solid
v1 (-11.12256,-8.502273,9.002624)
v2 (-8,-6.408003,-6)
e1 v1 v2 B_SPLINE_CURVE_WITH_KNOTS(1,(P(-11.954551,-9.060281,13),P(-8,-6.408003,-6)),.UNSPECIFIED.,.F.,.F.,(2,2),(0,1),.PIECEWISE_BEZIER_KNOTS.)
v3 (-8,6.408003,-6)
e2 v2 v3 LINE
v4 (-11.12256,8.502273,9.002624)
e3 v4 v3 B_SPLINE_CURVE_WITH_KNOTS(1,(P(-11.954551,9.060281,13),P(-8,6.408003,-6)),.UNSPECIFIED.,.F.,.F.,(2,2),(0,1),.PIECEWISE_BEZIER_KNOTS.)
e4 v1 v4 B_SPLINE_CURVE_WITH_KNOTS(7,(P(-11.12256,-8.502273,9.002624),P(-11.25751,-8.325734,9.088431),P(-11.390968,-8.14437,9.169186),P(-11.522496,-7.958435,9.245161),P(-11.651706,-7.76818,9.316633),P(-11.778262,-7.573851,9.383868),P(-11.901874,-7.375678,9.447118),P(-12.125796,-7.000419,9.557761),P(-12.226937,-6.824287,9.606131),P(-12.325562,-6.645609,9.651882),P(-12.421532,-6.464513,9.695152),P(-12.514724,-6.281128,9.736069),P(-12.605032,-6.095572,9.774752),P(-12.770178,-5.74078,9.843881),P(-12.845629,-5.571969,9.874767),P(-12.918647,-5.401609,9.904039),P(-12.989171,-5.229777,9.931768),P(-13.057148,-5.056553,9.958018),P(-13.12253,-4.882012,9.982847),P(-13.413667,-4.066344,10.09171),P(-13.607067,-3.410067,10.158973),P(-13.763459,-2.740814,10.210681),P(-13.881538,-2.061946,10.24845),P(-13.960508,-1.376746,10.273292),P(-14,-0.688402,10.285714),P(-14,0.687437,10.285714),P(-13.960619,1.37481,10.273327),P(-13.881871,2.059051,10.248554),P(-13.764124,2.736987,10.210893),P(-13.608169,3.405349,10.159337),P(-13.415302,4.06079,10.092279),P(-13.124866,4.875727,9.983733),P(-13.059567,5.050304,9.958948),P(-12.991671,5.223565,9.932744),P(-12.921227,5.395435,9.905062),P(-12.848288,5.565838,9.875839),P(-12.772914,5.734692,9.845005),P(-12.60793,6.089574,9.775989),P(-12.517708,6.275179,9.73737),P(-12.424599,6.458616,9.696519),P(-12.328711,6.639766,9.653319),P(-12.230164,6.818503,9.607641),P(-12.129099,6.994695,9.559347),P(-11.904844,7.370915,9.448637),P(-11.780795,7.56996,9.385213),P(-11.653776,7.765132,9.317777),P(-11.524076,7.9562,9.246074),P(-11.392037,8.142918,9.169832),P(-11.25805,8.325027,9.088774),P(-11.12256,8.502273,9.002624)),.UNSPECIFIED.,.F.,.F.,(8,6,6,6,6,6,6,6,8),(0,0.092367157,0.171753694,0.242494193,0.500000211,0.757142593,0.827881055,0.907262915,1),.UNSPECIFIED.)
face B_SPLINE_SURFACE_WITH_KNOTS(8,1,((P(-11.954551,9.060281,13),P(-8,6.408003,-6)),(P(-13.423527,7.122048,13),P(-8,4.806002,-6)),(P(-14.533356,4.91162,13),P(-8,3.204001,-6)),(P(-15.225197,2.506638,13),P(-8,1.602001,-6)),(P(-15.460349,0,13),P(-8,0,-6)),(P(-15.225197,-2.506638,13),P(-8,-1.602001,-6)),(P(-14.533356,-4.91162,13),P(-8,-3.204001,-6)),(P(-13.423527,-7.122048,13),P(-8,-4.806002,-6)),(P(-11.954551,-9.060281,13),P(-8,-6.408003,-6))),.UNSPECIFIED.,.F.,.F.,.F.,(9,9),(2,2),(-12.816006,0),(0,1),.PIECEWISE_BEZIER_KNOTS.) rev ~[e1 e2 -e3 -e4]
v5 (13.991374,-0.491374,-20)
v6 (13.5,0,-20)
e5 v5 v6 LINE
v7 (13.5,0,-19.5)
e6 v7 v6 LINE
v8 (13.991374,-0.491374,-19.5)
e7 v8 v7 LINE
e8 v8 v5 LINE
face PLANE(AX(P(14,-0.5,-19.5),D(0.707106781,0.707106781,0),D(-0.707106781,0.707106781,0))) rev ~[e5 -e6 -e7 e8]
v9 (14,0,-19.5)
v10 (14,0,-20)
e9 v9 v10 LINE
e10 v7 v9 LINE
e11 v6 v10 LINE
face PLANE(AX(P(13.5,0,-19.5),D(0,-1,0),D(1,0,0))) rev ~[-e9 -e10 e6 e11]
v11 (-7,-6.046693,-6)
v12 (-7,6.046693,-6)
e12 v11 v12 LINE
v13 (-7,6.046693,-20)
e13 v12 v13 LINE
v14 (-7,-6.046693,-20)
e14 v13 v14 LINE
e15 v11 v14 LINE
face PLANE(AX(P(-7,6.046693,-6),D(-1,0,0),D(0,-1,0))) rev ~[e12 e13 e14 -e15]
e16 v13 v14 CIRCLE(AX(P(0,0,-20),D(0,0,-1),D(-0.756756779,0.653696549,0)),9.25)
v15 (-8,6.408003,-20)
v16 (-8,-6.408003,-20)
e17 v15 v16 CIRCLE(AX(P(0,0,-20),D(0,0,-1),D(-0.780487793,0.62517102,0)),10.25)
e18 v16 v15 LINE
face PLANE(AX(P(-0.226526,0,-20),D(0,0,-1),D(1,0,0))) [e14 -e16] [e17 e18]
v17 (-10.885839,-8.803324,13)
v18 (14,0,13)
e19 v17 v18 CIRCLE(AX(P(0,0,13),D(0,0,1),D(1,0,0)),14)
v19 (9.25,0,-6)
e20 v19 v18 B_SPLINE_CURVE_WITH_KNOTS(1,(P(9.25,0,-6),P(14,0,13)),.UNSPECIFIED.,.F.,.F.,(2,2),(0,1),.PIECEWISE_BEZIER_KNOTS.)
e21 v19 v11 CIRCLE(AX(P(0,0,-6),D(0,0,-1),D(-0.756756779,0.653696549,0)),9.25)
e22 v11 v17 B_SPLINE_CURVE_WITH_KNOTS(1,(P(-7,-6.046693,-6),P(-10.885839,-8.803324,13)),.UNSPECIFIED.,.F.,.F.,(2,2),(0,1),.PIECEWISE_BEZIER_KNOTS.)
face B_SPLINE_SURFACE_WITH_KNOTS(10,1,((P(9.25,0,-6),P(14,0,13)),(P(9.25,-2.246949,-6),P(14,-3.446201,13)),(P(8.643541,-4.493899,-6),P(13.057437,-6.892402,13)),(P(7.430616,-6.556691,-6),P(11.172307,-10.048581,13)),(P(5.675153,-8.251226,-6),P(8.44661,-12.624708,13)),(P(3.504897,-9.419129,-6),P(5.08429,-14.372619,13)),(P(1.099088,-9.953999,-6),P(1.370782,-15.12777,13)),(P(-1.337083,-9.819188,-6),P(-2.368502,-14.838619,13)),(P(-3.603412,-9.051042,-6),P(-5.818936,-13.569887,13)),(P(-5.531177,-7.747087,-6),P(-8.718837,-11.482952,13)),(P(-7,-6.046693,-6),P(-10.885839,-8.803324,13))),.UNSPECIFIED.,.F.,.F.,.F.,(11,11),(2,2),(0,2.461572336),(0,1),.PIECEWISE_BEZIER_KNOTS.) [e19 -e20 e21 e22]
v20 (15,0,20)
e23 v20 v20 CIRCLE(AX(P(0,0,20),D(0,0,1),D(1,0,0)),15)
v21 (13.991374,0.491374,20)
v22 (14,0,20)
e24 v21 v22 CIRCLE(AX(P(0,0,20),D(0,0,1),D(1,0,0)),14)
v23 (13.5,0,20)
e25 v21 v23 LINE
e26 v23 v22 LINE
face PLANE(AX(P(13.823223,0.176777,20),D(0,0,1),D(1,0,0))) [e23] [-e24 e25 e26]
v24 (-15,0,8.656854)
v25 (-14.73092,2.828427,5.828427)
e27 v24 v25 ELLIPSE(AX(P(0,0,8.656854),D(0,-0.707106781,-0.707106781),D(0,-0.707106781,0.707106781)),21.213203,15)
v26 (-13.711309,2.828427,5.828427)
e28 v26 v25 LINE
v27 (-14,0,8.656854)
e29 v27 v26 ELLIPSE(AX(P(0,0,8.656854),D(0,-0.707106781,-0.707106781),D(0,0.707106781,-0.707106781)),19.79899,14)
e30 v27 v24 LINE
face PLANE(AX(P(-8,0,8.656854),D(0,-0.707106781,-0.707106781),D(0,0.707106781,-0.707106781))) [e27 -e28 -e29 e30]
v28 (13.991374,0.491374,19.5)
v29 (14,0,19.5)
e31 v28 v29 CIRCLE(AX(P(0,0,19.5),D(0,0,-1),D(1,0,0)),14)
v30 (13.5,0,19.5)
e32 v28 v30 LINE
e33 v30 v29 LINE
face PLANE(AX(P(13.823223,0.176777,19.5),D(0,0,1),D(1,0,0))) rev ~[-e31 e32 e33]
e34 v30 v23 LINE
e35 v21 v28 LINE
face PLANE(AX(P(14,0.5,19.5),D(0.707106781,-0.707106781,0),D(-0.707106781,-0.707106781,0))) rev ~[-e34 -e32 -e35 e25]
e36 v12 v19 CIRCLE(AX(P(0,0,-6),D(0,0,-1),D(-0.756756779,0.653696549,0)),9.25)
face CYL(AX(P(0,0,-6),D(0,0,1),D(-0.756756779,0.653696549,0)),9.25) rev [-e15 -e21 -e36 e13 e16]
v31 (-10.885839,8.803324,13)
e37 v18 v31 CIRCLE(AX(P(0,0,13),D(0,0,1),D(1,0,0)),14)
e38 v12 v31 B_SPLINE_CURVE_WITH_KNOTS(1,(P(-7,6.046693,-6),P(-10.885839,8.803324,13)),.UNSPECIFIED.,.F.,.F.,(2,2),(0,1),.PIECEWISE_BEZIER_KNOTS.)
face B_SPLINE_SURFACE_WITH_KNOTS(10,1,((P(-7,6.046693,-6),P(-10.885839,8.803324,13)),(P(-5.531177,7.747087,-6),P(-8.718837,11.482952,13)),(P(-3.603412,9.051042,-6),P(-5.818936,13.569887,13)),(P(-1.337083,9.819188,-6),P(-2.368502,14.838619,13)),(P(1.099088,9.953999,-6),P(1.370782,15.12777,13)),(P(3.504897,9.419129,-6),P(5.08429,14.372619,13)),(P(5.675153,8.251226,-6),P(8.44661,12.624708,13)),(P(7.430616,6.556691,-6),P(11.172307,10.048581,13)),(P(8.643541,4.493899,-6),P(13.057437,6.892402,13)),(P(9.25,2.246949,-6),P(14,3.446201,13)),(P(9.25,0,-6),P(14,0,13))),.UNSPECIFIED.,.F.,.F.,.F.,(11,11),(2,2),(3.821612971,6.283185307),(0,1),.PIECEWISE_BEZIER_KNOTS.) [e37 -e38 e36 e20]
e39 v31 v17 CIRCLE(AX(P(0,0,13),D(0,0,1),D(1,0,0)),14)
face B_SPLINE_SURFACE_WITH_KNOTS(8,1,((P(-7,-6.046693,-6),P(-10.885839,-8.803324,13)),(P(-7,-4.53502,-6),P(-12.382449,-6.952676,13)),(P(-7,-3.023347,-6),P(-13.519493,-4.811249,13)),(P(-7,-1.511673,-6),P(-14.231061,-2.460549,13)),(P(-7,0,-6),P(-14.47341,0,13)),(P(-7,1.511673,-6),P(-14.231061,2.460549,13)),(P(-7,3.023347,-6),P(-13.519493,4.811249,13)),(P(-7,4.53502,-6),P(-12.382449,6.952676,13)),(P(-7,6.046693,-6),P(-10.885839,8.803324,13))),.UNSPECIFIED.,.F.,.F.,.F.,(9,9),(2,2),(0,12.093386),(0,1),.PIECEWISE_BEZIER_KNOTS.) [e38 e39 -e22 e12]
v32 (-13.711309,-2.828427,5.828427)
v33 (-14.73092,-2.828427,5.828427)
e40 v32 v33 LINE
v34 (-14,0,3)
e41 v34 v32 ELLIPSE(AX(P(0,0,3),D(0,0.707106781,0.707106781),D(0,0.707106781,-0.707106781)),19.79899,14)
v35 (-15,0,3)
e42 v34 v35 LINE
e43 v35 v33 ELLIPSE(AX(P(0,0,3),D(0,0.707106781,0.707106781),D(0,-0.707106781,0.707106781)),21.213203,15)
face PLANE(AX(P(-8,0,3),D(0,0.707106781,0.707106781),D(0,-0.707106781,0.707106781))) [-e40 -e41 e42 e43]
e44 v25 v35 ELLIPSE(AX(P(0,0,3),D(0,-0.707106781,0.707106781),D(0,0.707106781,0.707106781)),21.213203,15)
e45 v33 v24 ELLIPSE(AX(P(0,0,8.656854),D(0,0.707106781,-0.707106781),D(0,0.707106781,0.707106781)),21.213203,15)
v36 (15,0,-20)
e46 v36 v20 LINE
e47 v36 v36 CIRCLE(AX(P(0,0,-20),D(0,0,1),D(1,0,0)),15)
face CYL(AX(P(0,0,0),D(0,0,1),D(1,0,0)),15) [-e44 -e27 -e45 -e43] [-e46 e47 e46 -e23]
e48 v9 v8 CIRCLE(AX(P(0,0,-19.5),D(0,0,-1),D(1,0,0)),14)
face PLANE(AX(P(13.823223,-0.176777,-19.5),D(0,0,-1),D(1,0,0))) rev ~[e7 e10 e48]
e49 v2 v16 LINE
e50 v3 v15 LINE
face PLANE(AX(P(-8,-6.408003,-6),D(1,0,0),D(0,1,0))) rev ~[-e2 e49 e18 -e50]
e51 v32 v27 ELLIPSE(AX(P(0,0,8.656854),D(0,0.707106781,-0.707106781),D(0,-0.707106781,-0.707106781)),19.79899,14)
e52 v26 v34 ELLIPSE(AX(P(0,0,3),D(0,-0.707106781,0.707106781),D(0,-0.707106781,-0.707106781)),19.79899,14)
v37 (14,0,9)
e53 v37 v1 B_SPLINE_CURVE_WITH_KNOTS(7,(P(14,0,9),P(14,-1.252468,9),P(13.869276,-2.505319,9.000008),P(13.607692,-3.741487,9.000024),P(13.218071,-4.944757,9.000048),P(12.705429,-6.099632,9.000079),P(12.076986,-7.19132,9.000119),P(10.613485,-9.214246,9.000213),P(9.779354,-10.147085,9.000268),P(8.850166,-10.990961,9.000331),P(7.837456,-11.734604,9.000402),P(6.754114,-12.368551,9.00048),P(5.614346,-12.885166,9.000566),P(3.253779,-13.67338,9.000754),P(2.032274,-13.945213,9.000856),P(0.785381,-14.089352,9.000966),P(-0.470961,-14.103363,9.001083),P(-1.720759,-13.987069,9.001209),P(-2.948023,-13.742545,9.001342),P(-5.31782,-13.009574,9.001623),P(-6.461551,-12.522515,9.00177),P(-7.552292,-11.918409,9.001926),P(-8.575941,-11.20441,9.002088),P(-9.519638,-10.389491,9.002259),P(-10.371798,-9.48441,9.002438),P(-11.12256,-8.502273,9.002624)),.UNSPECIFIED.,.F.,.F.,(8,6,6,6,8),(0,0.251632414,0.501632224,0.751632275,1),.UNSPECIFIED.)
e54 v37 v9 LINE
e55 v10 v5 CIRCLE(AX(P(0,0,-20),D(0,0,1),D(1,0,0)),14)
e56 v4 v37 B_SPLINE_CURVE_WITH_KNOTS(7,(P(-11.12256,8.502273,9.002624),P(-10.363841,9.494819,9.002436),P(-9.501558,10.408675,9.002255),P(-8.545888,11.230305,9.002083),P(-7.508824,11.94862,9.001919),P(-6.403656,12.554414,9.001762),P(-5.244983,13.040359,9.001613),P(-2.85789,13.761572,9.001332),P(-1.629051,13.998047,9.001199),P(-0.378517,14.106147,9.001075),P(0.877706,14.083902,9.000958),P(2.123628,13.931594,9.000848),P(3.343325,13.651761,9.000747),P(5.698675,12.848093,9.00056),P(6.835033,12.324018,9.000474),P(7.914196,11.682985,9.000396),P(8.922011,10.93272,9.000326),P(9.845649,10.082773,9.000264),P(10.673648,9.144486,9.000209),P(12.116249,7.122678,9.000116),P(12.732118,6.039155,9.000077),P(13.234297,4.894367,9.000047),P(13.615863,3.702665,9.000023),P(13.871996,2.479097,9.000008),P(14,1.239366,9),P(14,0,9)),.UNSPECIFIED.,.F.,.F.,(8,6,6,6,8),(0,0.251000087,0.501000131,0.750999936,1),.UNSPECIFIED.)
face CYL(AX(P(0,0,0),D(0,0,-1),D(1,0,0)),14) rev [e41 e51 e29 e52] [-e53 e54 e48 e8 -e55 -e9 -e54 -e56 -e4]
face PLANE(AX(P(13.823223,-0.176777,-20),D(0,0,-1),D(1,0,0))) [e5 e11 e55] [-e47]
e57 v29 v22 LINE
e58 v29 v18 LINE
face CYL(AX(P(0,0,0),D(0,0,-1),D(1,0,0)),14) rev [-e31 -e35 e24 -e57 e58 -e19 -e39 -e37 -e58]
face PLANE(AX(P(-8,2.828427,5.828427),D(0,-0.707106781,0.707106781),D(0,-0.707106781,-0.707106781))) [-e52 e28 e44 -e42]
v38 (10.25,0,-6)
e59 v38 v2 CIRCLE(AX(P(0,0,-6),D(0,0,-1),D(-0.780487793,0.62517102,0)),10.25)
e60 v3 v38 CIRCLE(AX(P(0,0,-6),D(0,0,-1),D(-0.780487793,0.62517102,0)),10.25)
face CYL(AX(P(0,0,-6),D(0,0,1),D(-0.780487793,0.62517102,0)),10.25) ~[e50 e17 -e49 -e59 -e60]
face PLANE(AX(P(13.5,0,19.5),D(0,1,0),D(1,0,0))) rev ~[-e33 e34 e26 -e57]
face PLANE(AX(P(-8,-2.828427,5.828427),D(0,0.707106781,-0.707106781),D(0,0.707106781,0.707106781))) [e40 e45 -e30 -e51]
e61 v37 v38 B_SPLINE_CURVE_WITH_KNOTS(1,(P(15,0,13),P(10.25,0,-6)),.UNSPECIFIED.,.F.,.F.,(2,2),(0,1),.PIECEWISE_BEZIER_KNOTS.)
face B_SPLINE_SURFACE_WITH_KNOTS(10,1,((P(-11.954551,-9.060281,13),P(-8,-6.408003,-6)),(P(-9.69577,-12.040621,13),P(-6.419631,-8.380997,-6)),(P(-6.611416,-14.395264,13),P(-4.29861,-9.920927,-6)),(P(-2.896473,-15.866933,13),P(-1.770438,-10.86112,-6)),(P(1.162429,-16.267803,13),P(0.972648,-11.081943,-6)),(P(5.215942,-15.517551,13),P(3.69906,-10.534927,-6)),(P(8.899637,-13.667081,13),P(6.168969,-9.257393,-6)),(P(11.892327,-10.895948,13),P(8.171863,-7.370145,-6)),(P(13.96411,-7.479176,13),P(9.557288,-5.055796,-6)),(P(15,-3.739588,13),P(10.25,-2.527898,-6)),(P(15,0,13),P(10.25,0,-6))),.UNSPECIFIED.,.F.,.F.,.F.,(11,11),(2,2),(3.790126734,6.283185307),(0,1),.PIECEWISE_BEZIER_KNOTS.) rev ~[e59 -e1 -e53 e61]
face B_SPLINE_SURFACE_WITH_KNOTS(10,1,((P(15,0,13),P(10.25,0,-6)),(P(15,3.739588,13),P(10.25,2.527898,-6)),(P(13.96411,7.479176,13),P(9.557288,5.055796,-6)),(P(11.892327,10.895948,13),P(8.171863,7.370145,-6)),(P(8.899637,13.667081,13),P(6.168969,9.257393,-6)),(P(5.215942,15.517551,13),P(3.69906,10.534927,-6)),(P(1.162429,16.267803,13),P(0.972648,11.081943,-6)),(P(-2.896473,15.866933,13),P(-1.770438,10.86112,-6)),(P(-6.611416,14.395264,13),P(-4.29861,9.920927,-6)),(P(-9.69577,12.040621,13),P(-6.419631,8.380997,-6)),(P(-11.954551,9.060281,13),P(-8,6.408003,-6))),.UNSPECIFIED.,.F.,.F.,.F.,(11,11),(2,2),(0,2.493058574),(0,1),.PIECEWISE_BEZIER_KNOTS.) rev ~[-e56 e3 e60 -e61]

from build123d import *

# Parameters (mm, degrees)
EXTRUDE_DEPTH  = 14
SKETCH_R       = 15
SKETCH_R_2     = 14
PAD_DEPTH      = 20
PAD_DEPTH_BACK = 20
PAD001_DEPTH   = 0.5
PAD002_DEPTH   = 0.5
POCKET_DEPTH   = 7.001
SKETCH012_R    = 14
SKETCH005_R    = 15


with BuildPart() as extrude_body:
    # Sketch009 (on Face1 of CopyCut001) → Extrude (new body)
    with BuildSketch(Plane(origin=(0, 0, -6), x_dir=(1, 0, 0), z_dir=(0, 0, -1))):
        with BuildLine():
            ThreePointArc((-8, -6.408003), (10.25, 0), (-8, 6.408003))
            Line((-8, 6.408003), (-8, -6.408003))
        make_face()
        with BuildLine():
            ThreePointArc((-7, -6.046693), (9.25, 0), (-7, 6.046693))
            Line((-7, -6.046693), (-7, 6.046693))
        make_face(mode=Mode.SUBTRACT)
    extrude(amount=EXTRUDE_DEPTH)


with BuildPart() as body:
    # Sketch → Pad (new body, two sides)
    with BuildSketch(Plane.XY) as pad_sk:
        Circle(SKETCH_R)
        Circle(SKETCH_R_2, mode=Mode.SUBTRACT)
    extrude(amount=PAD_DEPTH)
    extrude(pad_sk.sketch, amount=-PAD_DEPTH_BACK)

    # Sketch002 (on DatumPlane) → Pad001 (join)
    with BuildSketch(Plane.XY.offset(19.5)):
        Polygon((13.5, 0), (14, 0), (14, 0.5), align=None)
    extrude(amount=PAD001_DEPTH)

    # Sketch003 (on DatumPlane) → Pad002 (join)
    with BuildSketch(Plane(origin=(0, 0, -19.5), x_dir=(1, 0, 0), z_dir=(0, 0, -1))):
        Polygon((13.5, 0), (14, 0), (14, 0.5), align=None)
    extrude(amount=PAD002_DEPTH)

    # Sketch010 (on Face1 of CopyExtrude001) → Pocket (cut, through all)
    with BuildSketch(Plane(origin=(-8, 0, 0), x_dir=(0, -1, 0), z_dir=(-1, 0, 0))):
        Polygon((0, 3), (2.828427, 5.828427), (0, 8.656854), (-2.828427, 5.828427), align=None)
    extrude(amount=POCKET_DEPTH, mode=Mode.SUBTRACT)


with BuildPart() as loft001:
    # Sketch007 (on Face1 of CopyLoft001) → Loft001 section 0
    with BuildSketch(Plane(origin=(0, 0, -6), x_dir=(1, 0, 0), z_dir=(0, 0, -1))):
        with BuildLine():
            ThreePointArc((-7, -6.046693), (9.25, 0), (-7, 6.046693))
            Line((-7, 6.046693), (-7, -6.046693))
        make_face()
    # Sketch012 (on Face1 of CopyLoft002) → Loft001 section 1
    with BuildSketch(Plane.XY.offset(13)):
        Circle(SKETCH012_R)
    loft()


with BuildPart() as fusion:
    # Sketch005 (on DatumPlane) → Loft section 0
    with BuildSketch(Plane.XY.offset(13)):
        Circle(SKETCH005_R)
    # Sketch004 (on DatumPlane) → Loft section 1
    with BuildSketch(Plane(origin=(0, 0, -6), x_dir=(1, 0, 0), z_dir=(0, 0, -1))):
        with BuildLine():
            ThreePointArc((-8, -6.408003), (10.25, 0), (-8, 6.408003))
            Line((-8, 6.408003), (-8, -6.408003))
        make_face()
    loft()

    # Cut: cut Loft001
    add(loft001.part, mode=Mode.SUBTRACT)

    # Fusion: union Extrude body, Body
    add(extrude_body.part)
    add(body.part)


solid = fusion.part
